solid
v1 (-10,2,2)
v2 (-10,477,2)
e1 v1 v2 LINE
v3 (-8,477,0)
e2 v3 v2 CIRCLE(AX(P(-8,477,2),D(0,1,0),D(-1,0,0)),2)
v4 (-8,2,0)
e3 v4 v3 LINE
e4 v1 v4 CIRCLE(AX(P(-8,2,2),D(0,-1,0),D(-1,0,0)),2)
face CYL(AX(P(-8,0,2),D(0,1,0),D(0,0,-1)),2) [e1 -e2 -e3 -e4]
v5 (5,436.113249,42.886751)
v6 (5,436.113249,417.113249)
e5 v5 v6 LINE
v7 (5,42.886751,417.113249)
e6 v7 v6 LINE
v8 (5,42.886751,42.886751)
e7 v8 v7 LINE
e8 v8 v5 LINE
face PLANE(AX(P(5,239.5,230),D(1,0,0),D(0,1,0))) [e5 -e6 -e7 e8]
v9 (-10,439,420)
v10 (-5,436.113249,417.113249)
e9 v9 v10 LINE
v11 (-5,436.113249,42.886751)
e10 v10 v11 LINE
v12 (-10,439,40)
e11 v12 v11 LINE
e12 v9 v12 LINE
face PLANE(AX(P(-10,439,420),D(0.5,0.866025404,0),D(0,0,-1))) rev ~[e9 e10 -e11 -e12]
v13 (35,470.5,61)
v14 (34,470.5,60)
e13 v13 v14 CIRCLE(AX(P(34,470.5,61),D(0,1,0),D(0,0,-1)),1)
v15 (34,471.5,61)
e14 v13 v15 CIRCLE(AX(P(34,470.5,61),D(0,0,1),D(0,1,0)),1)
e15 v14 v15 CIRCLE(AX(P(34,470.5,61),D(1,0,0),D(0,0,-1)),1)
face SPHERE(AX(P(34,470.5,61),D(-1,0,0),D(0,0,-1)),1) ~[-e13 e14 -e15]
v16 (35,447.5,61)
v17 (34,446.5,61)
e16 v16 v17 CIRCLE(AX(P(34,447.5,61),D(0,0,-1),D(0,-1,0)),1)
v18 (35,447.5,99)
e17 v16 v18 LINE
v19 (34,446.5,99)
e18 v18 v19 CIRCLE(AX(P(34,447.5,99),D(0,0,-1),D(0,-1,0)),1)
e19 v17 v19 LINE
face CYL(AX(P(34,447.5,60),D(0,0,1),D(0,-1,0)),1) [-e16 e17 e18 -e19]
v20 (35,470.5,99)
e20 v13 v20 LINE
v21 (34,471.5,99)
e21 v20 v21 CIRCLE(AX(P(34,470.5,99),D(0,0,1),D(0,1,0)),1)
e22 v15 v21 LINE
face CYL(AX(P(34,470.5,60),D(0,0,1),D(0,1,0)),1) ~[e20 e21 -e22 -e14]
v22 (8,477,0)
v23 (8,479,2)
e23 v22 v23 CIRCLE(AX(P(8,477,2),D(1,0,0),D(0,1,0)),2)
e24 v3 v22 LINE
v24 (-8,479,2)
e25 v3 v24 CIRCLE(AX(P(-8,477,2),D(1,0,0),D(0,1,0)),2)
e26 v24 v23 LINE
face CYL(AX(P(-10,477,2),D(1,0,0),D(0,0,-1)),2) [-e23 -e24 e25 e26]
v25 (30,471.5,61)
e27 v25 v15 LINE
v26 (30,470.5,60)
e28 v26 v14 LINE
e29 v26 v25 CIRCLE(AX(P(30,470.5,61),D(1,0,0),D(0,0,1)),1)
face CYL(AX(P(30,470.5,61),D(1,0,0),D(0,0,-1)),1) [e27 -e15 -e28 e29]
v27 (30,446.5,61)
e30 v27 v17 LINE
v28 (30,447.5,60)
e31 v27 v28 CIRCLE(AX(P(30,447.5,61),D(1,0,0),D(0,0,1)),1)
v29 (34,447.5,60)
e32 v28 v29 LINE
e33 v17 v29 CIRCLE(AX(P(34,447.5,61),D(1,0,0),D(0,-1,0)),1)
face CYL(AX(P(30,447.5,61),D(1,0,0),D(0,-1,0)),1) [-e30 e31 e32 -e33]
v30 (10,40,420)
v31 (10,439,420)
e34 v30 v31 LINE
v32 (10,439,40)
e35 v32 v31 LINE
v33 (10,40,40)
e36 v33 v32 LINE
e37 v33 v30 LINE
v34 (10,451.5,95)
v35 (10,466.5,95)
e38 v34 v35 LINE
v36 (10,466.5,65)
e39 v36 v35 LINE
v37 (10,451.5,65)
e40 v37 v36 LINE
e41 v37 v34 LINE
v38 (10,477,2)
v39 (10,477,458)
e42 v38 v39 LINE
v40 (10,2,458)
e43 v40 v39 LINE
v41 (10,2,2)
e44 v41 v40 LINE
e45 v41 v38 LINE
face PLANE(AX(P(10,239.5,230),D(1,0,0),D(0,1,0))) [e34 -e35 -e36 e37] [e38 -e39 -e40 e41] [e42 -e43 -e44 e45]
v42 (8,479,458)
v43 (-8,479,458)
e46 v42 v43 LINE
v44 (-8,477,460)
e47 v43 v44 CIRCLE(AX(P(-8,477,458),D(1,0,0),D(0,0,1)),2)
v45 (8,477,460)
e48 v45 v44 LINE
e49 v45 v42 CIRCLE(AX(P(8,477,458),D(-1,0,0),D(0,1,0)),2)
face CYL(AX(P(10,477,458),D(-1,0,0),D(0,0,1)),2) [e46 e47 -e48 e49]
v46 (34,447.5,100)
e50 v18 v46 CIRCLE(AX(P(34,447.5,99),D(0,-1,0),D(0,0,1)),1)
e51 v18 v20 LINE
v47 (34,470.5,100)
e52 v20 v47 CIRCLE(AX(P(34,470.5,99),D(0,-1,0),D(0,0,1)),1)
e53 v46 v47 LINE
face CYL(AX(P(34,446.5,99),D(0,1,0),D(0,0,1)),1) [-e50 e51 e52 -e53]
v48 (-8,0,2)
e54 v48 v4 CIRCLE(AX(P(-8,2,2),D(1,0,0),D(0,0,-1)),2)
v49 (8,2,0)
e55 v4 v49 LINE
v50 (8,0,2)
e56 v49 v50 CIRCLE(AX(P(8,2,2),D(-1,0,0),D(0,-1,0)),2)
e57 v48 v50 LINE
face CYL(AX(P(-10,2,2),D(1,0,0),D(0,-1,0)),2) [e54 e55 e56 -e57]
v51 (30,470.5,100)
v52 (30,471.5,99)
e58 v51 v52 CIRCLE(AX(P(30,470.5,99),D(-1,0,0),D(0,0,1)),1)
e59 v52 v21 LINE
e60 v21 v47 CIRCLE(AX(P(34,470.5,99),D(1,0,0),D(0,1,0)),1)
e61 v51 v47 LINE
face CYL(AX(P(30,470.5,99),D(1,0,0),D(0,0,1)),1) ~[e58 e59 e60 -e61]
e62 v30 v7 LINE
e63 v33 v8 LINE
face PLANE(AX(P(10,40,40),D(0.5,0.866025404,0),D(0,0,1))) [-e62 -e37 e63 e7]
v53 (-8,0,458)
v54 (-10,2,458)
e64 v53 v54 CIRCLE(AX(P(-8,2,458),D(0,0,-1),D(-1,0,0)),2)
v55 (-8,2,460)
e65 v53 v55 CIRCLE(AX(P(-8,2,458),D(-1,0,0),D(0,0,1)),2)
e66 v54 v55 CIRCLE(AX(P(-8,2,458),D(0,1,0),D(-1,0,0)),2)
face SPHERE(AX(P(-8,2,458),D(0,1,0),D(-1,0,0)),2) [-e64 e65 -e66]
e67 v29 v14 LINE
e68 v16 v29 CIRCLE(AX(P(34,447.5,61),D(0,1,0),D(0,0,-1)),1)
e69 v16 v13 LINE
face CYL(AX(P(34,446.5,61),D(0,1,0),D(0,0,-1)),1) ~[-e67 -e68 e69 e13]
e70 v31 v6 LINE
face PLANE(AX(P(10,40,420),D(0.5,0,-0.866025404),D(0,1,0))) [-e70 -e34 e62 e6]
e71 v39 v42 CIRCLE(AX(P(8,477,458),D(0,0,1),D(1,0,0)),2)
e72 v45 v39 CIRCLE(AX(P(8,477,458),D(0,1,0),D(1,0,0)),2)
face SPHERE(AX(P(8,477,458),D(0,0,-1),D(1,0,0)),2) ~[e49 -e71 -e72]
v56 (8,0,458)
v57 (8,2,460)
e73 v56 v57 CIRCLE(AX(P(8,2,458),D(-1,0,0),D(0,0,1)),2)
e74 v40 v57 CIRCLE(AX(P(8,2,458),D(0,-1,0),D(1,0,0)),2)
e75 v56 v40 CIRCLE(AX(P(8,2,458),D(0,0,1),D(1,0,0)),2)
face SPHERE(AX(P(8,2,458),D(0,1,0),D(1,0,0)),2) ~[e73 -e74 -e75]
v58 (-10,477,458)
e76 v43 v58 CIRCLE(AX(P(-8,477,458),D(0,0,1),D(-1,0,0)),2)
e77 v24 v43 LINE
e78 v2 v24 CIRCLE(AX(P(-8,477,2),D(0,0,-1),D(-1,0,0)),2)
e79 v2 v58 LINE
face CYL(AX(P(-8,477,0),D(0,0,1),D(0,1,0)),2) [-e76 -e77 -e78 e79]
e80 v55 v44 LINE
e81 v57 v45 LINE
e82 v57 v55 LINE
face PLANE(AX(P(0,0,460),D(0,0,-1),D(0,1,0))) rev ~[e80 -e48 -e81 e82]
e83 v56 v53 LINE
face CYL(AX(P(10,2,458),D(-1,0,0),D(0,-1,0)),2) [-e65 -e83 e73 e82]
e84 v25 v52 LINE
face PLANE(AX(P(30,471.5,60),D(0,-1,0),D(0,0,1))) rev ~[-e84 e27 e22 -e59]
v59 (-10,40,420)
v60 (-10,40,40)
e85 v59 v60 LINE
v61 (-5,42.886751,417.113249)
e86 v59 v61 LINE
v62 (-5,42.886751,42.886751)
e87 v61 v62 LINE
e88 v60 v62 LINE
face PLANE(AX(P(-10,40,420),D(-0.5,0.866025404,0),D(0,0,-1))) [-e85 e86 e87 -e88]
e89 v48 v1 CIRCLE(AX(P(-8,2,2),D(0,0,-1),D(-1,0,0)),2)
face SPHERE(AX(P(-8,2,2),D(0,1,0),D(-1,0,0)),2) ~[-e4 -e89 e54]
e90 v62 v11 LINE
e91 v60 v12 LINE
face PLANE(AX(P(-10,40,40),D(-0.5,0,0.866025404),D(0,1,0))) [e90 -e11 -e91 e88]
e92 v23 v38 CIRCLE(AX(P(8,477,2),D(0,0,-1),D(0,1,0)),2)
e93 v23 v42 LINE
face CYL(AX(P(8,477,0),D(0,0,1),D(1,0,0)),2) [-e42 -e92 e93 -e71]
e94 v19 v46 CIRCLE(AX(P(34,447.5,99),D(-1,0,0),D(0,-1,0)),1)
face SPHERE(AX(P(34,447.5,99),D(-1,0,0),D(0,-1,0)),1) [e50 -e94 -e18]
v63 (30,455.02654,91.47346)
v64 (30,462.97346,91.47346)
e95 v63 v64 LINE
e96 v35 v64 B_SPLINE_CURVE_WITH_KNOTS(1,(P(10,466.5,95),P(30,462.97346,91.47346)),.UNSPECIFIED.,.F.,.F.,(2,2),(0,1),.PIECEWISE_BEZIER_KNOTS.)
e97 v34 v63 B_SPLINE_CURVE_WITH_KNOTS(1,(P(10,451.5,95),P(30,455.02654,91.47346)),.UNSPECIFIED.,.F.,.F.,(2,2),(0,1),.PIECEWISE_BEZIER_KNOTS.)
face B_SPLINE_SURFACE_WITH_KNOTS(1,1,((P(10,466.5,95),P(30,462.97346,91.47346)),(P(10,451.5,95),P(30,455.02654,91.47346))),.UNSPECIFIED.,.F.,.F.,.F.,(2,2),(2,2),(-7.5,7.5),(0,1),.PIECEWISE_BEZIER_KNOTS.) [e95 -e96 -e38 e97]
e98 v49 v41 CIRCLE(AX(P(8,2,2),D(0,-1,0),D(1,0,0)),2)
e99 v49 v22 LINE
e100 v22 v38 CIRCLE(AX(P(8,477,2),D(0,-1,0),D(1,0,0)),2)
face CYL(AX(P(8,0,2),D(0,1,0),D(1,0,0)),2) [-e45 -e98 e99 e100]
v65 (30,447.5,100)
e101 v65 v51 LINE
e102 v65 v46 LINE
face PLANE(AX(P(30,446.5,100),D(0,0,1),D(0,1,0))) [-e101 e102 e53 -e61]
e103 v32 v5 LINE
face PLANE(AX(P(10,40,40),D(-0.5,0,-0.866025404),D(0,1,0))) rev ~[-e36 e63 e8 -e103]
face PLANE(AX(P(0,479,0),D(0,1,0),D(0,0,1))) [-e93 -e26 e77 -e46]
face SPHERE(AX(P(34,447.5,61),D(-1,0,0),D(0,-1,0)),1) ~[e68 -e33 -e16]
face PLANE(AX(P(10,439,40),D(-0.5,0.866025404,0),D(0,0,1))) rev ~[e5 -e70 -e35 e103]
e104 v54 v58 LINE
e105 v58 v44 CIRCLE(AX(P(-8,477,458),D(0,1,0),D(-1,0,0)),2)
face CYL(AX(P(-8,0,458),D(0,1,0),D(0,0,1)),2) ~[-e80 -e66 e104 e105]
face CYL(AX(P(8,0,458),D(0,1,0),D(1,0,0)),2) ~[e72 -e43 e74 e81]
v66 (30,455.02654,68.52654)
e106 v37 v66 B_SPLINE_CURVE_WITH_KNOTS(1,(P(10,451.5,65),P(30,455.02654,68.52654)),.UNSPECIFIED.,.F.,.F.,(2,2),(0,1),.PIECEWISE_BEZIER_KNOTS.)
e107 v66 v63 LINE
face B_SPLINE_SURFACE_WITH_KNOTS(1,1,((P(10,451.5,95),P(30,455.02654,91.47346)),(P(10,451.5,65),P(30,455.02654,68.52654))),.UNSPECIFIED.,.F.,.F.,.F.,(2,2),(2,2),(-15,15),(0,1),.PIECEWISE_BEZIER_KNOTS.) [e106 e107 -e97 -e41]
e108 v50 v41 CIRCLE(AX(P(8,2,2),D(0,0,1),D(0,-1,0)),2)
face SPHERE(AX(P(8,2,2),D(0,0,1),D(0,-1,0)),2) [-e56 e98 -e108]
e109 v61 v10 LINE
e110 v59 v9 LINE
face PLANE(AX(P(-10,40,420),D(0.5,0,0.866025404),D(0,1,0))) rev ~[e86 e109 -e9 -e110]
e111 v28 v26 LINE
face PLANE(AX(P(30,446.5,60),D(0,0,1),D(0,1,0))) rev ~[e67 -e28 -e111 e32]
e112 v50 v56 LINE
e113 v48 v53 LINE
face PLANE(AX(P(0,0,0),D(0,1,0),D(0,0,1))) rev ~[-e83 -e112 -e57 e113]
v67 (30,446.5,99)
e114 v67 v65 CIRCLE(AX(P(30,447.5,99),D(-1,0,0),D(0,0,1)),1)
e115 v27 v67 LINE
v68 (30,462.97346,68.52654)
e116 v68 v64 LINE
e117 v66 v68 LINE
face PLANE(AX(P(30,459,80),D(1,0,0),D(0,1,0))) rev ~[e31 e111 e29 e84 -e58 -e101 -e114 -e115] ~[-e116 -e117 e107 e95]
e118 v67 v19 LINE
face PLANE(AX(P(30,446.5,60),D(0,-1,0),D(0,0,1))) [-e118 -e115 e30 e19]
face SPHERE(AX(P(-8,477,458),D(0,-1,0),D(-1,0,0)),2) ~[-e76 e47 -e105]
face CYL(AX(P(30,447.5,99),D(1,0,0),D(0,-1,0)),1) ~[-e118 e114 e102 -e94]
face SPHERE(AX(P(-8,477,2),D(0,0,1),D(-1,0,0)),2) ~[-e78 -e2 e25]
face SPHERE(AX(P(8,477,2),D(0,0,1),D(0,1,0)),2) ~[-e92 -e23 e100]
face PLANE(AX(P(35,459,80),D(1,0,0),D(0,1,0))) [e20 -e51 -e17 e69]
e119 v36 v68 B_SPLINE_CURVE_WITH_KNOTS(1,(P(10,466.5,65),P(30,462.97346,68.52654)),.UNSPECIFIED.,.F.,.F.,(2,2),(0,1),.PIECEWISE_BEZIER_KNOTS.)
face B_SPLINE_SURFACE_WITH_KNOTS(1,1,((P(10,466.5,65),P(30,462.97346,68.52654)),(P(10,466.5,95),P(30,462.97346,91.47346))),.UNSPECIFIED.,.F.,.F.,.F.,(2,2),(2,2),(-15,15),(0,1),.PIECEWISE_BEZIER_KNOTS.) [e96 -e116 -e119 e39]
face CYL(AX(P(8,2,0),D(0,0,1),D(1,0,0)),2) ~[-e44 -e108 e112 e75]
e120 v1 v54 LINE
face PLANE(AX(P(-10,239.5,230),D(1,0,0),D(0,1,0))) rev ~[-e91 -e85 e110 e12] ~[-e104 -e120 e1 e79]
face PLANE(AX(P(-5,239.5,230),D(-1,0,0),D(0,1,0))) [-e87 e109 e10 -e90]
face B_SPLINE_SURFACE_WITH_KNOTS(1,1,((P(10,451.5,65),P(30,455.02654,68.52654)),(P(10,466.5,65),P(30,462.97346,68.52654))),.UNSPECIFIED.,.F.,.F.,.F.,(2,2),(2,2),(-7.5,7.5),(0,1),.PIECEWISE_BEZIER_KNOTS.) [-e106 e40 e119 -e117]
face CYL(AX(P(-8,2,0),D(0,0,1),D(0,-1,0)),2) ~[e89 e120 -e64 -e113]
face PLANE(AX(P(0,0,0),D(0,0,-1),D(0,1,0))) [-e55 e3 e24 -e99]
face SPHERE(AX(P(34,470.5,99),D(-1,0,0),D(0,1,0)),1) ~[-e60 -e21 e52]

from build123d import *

# Parameters (mm, degrees)
SKETCH1_W               = 479
SKETCH1_H               = 460
BOSS_EXTRUDE1_DEPTH     = 10
SKETCH2_W               = 399
SKETCH2_H               = 380
CUT_EXTRUDE1_DEPTH      = 5
CUT_EXTRUDE1_DRAFT      = -30
MIRROR1_COPY_1_SKETCH_W = 399
MIRROR1_COPY_1_SKETCH_H = 380
MIRROR1_COPY_1_DEPTH    = 5
MIRROR1_COPY_1_DRAFT    = -30
SKETCH3_W               = 15
SKETCH3_H               = 30
BOSS_EXTRUDE2_DEPTH     = 20
BOSS_EXTRUDE2_TAPER     = 10
SKETCH4_W               = 25
SKETCH4_H               = 40
BOSS_EXTRUDE3_DEPTH     = 5
FILLET3_R               = 2
FILLET4_R               = 1


with BuildPart() as part:
    # Sketch1 → Boss-Extrude1 (new, symmetric)
    with BuildSketch(Plane.YZ):
        with Locations((239.5, 230)):
            Rectangle(SKETCH1_W, SKETCH1_H)
    extrude(amount=BOSS_EXTRUDE1_DEPTH, both=True)


with BuildPart() as cut_extrude1_tool:
    # Sketch2 → Cut-Extrude1 (with draft: the straight prism first)
    with BuildSketch(Plane.YZ.offset(10)):
        with Locations((239.5, 230)):
            Rectangle(SKETCH2_W, SKETCH2_H)
    extrude(amount=-CUT_EXTRUDE1_DEPTH)
    # Cut-Extrude1: the draft: its side faces are tilted about the plane it starts from
    cut_extrude1_sides = [cut_extrude1_tool.faces().sort_by_distance(p)[0] for p in [
        (7.5, 40, 230),
        (7.5, 239.5, 40),
        (7.5, 439, 230),
        (7.5, 239.5, 420),
    ]]
    draft(cut_extrude1_sides, Plane.YZ.offset(10), CUT_EXTRUDE1_DRAFT)


with BuildPart() as part_1:
    add(part.part)

    # Cut-Extrude1: cut by cut_extrude1_tool
    add(cut_extrude1_tool.part, mode=Mode.SUBTRACT)


with BuildPart() as mirror1_copy_1_tool:
    # Mirror1 copy 1 sketch → Mirror1 copy 1 (with draft: the straight prism first)
    with BuildSketch(Plane(origin=(-10, 0, 0), x_dir=(0, 1, 0), z_dir=(-1, 0, 0))):
        with Locations((239.5, -230)):
            Rectangle(MIRROR1_COPY_1_SKETCH_W, MIRROR1_COPY_1_SKETCH_H)
    extrude(amount=-MIRROR1_COPY_1_DEPTH)
    # Mirror1 copy 1: the draft: its side faces are tilted about the plane it starts from
    mirror1_copy_1_sides = [mirror1_copy_1_tool.faces().sort_by_distance(p)[0] for p in [
        (-7.5, 40, 230),
        (-7.5, 239.5, 40),
        (-7.5, 439, 230),
        (-7.5, 239.5, 420),
    ]]
    draft(mirror1_copy_1_sides, Plane(origin=(-10, 0, 0), x_dir=(0, 1, 0), z_dir=(-1, 0, 0)), MIRROR1_COPY_1_DRAFT)


with BuildPart() as part_2:
    add(part_1.part)

    # Mirror1 copy 1: cut by mirror1_copy_1_tool
    add(mirror1_copy_1_tool.part, mode=Mode.SUBTRACT)

    # Sketch3 → Boss-Extrude2 (add)
    with BuildSketch(Plane.YZ.offset(10)):
        with Locations((459, 80)):
            Rectangle(SKETCH3_W, SKETCH3_H)
    extrude(amount=BOSS_EXTRUDE2_DEPTH, taper=BOSS_EXTRUDE2_TAPER)

    # Sketch4 → Boss-Extrude3 (add)
    with BuildSketch(Plane.YZ.offset(30)):
        with Locations((459, 80)):
            Rectangle(SKETCH4_W, SKETCH4_H)
    extrude(amount=BOSS_EXTRUDE3_DEPTH)

    # Fillet3
    fillet3_edges = [part_2.edges().sort_by_distance(p)[0] for p in [
        (10, 479, 230),
        (10, 239.5, 460),
        (10, 0, 230),
        (-10, 239.5, 460),
        (-10, 479, 230),
        (-10, 239.5, 0),
        (-10, 0, 230),
        (0, 0, 460),
        (0, 479, 460),
        (0, 479, 0),
        (0, 0, 0),
        (10, 239.5, 0),
    ]]
    fillet(fillet3_edges, radius=FILLET3_R)

    # Fillet4
    fillet4_edges = [part_2.edges().sort_by_distance(p)[0] for p in [
        (32.5, 446.5, 100),
        (32.5, 446.5, 60),
        (32.5, 471.5, 60),
        (32.5, 471.5, 100),
        (35, 446.5, 80),
        (35, 459, 60),
        (35, 471.5, 80),
        (35, 459, 100),
    ]]
    fillet(fillet4_edges, radius=FILLET4_R)


solid = part_2.part
